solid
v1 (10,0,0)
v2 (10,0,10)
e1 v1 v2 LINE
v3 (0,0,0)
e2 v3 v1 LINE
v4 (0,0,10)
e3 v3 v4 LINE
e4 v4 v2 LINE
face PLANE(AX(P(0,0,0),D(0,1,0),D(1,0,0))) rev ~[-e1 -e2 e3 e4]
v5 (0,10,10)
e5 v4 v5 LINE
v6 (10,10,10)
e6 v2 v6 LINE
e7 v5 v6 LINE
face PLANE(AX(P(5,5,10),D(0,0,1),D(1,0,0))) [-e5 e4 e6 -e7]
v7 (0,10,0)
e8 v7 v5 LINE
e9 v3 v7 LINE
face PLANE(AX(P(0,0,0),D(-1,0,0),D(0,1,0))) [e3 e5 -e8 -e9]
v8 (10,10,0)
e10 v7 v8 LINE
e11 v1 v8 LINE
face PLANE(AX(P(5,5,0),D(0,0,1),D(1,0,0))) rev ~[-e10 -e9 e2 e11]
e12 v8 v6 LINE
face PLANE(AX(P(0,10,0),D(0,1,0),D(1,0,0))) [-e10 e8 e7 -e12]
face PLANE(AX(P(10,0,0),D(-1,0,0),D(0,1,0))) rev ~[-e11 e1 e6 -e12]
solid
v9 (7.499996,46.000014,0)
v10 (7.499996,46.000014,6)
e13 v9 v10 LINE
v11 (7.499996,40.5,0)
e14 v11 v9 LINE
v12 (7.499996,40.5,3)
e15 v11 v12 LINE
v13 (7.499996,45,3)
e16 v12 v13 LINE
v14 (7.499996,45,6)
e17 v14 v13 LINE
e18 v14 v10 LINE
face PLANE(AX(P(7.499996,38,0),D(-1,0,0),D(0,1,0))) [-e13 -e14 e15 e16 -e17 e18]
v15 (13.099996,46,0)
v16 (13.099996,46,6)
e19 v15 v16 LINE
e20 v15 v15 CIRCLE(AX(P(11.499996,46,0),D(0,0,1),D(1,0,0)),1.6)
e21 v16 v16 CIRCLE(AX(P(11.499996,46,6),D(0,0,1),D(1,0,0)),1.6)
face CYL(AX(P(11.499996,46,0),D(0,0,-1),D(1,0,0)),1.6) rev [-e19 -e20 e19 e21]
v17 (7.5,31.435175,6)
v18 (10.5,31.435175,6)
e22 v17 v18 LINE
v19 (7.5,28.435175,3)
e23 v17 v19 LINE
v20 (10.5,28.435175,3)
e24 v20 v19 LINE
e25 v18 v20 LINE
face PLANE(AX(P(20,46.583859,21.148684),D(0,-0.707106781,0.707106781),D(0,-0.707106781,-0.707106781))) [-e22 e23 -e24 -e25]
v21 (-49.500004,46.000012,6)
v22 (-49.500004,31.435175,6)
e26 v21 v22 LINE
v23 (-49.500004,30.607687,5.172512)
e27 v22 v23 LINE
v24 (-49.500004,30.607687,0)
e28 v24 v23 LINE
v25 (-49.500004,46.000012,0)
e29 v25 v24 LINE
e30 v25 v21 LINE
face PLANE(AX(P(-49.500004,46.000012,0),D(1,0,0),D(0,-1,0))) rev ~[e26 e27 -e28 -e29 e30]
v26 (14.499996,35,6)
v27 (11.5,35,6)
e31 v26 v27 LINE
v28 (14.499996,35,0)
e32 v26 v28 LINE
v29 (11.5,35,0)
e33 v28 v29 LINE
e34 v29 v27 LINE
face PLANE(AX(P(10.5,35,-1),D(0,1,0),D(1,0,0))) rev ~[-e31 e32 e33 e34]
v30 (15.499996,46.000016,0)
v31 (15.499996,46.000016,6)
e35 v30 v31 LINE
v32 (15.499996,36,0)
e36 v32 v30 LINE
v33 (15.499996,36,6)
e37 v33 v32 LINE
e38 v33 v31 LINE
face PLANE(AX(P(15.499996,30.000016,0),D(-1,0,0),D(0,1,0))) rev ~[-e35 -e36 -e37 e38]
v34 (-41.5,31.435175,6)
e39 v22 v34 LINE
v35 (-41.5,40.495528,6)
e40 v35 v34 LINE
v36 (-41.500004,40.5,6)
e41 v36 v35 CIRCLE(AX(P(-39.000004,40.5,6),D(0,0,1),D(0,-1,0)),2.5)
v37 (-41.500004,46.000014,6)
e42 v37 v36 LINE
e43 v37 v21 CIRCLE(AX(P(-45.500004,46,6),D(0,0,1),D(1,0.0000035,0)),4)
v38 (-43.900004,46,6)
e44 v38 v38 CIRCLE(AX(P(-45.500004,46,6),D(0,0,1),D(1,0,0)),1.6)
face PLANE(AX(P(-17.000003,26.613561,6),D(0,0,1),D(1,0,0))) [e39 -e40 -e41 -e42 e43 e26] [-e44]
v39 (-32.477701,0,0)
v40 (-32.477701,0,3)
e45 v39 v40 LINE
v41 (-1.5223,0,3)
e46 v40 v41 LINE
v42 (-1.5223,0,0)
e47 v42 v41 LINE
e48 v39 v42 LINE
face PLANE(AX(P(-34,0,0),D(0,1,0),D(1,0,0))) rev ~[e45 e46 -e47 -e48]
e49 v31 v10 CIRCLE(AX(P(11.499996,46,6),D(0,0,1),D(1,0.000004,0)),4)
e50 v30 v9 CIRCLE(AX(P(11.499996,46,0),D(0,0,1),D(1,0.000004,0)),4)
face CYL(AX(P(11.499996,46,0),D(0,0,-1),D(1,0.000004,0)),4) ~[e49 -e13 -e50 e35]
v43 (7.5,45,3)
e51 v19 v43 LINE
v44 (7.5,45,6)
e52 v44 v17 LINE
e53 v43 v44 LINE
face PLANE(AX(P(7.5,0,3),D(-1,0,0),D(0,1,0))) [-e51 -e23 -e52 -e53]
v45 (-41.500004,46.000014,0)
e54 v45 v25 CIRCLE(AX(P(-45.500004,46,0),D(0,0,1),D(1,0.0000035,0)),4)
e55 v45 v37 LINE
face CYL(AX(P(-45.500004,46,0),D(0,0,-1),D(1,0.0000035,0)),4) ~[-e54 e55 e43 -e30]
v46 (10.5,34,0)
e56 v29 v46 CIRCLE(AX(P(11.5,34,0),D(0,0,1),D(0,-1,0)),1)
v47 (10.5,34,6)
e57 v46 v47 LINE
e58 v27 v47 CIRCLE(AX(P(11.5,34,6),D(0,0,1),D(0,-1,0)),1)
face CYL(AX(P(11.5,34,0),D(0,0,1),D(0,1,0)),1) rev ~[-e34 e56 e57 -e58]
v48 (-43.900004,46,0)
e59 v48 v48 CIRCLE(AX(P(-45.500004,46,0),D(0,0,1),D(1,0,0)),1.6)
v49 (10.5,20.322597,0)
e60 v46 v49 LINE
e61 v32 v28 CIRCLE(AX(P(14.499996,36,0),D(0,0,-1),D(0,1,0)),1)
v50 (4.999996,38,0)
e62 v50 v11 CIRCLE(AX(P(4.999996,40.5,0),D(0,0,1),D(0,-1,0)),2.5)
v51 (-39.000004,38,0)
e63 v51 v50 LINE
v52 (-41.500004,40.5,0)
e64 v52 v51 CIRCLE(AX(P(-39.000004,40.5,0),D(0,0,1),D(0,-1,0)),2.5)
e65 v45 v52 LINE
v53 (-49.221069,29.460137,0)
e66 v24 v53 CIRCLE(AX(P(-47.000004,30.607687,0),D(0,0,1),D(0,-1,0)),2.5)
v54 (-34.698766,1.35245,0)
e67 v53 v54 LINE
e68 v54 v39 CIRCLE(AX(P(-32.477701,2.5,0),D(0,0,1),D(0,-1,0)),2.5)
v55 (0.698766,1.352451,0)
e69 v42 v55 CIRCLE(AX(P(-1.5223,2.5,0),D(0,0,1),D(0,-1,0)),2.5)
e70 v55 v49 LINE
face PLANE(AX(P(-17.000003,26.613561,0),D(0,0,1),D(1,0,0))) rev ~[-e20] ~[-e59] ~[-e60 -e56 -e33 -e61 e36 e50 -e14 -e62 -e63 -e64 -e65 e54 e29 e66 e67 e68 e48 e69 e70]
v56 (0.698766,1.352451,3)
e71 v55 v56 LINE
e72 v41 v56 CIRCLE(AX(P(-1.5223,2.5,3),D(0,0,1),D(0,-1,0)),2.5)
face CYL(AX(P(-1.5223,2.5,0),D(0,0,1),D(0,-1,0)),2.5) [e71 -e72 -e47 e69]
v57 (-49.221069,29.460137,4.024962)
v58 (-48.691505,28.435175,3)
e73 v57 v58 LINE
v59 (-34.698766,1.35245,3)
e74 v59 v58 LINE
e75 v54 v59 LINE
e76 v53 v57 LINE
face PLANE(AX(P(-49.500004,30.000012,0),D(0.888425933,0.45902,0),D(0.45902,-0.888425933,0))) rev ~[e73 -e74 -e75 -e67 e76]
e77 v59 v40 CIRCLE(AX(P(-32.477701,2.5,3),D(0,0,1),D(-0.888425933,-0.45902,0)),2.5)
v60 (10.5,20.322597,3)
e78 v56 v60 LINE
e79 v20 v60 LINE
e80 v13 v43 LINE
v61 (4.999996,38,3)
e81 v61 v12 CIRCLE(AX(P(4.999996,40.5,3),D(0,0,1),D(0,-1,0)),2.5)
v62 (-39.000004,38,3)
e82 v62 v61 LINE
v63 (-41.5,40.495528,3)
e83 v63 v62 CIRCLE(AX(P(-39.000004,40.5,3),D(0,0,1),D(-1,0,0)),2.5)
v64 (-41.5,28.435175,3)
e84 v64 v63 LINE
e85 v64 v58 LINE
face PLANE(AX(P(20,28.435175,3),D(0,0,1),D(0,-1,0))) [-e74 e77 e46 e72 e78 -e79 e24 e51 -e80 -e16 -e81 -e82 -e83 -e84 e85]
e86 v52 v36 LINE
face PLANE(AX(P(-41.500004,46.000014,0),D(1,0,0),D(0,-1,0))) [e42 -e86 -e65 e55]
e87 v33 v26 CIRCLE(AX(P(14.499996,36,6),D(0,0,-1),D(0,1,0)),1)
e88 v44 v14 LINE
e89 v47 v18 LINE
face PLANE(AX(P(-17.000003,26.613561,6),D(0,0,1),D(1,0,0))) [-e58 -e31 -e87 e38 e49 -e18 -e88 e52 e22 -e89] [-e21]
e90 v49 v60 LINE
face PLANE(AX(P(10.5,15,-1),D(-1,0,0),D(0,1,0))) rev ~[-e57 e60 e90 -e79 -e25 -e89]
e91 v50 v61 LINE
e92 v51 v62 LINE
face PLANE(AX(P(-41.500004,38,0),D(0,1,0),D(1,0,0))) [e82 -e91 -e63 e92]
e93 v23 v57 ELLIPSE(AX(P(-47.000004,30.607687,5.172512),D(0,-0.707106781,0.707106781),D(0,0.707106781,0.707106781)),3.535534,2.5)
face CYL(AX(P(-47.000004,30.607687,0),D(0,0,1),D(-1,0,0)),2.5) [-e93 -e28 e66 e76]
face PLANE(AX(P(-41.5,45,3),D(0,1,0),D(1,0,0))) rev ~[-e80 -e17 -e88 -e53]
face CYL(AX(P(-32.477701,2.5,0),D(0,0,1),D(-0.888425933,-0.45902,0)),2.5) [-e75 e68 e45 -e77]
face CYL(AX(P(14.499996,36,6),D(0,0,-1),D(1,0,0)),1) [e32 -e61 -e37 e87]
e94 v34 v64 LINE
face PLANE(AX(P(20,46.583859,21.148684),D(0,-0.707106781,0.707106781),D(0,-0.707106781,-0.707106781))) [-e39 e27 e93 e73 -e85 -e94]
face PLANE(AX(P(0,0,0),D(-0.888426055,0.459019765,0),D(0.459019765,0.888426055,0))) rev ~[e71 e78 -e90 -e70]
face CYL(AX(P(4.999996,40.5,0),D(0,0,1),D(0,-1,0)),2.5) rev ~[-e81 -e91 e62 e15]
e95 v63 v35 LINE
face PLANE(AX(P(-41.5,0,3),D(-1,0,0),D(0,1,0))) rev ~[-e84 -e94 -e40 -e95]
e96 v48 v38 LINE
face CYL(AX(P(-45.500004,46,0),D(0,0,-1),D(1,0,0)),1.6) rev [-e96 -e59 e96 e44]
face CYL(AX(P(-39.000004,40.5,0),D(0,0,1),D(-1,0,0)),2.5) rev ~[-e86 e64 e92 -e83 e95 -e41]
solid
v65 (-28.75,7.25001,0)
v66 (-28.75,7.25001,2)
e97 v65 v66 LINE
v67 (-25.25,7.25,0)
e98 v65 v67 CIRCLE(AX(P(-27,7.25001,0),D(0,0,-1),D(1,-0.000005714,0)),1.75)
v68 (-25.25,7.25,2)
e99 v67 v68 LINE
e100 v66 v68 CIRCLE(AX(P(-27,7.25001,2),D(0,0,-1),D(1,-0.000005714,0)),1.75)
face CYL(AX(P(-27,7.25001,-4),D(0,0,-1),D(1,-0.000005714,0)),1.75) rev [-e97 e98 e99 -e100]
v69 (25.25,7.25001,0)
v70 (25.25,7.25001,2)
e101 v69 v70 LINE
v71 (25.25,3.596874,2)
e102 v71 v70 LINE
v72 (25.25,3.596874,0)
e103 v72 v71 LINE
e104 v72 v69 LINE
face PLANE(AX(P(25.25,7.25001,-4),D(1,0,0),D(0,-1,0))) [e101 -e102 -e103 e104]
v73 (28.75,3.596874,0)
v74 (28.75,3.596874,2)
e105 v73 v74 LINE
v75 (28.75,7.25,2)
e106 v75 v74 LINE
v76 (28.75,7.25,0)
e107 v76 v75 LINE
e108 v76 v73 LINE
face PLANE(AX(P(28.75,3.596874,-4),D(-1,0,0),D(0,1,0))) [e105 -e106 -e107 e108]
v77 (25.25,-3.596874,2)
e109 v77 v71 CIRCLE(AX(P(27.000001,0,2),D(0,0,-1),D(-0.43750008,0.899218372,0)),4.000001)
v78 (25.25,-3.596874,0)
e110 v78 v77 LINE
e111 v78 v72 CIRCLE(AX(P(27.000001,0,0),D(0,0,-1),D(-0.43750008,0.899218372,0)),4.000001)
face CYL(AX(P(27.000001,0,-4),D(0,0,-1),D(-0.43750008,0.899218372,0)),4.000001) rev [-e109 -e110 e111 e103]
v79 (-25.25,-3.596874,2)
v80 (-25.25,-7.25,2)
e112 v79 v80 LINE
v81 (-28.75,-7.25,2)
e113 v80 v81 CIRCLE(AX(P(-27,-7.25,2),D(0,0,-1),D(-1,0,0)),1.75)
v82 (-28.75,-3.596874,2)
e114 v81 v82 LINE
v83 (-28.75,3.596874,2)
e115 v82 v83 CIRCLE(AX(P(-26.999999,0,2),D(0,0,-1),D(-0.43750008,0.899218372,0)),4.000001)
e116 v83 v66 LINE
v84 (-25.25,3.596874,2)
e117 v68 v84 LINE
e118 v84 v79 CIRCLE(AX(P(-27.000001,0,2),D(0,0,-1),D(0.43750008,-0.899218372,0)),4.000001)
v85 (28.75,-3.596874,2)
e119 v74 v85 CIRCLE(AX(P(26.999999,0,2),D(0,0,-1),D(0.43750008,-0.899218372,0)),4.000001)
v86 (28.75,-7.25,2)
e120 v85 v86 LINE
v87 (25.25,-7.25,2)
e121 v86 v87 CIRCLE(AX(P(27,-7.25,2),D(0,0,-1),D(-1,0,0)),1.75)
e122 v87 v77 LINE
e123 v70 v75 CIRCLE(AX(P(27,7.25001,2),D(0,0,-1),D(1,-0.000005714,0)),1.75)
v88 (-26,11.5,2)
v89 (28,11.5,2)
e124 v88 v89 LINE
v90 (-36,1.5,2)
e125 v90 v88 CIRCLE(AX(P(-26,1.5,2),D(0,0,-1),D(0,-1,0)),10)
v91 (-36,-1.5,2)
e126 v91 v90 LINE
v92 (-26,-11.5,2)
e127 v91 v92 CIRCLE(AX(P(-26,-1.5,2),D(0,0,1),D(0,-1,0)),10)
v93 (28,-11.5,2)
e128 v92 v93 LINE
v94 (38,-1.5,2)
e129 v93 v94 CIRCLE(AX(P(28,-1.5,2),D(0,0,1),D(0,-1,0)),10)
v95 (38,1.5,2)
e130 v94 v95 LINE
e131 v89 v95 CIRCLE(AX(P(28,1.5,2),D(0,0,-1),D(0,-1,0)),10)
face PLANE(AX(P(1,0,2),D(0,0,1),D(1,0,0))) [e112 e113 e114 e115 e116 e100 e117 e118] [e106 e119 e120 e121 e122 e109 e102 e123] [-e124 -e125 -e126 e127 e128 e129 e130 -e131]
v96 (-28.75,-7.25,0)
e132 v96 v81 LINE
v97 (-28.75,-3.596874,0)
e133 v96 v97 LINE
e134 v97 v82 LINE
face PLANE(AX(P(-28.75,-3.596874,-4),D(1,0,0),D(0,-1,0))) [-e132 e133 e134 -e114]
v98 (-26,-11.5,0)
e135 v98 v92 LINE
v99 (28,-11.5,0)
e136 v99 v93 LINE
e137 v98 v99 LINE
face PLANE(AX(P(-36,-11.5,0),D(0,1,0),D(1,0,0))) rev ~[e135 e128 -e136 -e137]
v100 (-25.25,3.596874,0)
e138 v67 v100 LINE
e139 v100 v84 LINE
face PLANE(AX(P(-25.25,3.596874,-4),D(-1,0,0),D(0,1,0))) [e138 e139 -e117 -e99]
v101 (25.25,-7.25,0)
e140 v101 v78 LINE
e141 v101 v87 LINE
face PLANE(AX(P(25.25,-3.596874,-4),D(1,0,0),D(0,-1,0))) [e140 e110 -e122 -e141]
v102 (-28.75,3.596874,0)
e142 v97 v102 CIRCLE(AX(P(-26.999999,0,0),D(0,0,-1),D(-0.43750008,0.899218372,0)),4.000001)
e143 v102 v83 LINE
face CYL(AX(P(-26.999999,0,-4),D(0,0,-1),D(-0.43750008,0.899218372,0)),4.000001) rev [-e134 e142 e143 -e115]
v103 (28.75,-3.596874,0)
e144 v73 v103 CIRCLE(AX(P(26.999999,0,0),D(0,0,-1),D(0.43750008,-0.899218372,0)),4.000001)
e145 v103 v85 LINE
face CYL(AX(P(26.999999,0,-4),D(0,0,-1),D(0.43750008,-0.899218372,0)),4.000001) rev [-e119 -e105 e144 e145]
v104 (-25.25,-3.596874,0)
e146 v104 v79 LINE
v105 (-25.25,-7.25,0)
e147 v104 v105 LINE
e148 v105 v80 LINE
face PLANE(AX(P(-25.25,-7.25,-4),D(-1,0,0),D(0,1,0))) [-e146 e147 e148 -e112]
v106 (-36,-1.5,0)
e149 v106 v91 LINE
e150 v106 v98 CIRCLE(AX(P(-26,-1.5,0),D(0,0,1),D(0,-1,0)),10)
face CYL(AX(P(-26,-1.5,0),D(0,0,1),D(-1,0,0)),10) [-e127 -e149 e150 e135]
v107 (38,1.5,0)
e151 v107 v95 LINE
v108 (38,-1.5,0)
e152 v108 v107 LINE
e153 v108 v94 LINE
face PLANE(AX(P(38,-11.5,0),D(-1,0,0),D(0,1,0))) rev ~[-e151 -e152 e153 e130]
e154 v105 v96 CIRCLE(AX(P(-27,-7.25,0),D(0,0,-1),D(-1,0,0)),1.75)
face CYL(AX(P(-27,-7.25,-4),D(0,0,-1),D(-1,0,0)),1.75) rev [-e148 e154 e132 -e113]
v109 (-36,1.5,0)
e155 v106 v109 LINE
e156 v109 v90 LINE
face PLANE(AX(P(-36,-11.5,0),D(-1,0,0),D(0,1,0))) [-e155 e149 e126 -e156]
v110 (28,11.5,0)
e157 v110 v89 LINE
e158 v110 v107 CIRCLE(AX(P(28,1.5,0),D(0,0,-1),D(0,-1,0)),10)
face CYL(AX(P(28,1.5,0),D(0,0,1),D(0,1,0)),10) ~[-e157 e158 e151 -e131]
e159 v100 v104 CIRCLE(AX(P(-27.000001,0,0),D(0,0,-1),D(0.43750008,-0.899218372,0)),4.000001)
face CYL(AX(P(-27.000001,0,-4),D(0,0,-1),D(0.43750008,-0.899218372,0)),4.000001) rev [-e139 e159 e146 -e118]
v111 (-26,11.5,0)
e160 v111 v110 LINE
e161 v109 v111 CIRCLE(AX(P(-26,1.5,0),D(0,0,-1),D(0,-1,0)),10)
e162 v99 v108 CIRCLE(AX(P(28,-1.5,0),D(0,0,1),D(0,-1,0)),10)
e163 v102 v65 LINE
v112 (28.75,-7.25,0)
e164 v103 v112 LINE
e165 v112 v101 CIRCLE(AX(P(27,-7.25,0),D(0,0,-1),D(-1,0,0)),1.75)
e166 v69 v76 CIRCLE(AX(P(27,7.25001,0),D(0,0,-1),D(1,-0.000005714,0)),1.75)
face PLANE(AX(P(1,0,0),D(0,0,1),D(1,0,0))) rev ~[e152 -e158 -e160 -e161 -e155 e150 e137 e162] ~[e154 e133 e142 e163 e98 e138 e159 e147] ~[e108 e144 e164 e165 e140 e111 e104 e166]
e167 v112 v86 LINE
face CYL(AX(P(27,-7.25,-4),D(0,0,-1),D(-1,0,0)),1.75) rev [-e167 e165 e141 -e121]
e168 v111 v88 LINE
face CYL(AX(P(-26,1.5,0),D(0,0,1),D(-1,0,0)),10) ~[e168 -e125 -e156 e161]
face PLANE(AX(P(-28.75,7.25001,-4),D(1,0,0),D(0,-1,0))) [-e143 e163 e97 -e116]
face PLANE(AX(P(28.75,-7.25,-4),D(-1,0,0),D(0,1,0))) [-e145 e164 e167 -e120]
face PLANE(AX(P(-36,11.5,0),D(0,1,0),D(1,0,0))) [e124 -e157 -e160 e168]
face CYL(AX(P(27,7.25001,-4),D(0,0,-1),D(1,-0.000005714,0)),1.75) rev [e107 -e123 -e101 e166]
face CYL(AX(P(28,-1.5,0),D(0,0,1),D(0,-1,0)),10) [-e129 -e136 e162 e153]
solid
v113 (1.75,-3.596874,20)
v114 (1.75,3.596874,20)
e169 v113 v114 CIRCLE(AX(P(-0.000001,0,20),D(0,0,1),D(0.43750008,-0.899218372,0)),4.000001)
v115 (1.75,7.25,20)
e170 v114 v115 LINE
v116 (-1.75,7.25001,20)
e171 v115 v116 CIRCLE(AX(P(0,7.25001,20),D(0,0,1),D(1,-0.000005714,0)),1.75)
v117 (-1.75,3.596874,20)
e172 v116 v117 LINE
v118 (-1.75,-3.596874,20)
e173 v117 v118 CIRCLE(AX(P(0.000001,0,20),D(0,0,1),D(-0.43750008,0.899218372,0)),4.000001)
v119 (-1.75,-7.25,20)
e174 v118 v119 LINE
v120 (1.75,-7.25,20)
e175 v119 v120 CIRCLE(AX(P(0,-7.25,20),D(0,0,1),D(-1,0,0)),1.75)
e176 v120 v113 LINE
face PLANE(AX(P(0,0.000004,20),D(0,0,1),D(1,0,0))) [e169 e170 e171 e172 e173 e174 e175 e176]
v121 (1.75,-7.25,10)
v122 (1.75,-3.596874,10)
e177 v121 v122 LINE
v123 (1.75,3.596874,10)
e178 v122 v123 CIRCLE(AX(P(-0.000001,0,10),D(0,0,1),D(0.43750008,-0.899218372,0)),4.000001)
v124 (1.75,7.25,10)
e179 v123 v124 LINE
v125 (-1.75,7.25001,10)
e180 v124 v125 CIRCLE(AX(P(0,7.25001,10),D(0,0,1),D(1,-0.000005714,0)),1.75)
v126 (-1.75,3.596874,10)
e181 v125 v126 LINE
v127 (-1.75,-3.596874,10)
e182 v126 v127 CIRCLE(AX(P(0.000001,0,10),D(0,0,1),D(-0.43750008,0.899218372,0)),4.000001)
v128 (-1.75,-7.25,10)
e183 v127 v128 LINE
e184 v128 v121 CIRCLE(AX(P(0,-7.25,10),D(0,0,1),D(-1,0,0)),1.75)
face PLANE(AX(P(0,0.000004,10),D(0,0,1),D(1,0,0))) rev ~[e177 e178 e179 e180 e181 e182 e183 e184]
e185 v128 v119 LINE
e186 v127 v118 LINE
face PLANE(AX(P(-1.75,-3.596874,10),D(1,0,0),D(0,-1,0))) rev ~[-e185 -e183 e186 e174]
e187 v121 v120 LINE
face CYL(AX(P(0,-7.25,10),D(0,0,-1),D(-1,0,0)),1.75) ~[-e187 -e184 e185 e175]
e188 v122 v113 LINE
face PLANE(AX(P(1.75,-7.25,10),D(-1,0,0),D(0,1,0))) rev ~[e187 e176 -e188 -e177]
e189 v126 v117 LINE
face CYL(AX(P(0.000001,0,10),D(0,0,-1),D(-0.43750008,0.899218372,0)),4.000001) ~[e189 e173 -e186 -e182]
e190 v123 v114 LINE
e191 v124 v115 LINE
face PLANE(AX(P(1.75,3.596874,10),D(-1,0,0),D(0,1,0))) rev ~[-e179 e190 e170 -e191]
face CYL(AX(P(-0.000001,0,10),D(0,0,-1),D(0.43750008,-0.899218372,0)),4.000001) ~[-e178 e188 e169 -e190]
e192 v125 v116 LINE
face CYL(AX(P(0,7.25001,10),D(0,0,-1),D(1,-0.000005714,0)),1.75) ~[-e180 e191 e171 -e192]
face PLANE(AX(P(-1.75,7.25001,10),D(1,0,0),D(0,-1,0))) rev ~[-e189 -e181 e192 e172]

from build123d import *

# Parameters (mm, degrees)
BOX_W        = 10
BOX_H        = 10
BOX_DEPTH    = 10
PAD001_DEPTH = 10
BOX001_W     = 74
BOX001_H     = 23
BOX001_DEPTH = 2
FILLET001_R  = 10
BOX003_W     = 16
BOX003_H     = 20
BOX003_DEPTH = 10
BOX002_W     = 49
BOX002_H     = 45
BOX002_DEPTH = 10
PAD002_DEPTH = 85
SKETCH_R     = 1.6
PAD_DEPTH    = 6
FILLET_R     = 2.5
FILLET002_R  = 1


with BuildPart() as cube:
    # Box → Box (new body)
    with BuildSketch(Plane.XY):
        with Locations((5, 5)):
            Rectangle(BOX_W, BOX_H)
    extrude(amount=BOX_DEPTH)


with BuildPart() as pad001:
    # Sketch003 → Pad001 (new body)
    with BuildSketch(Plane.XY.offset(10)):
        with BuildLine():
            ThreePointArc((-1.75, 3.596874), (-4, 0), (-1.75, -3.596874))
            Line((-1.75, -3.596874), (-1.75, -7.25))
            ThreePointArc((-1.75, -7.25), (0, -9), (1.75, -7.25))
            Line((1.75, -7.25), (1.75, -3.596874))
            ThreePointArc((1.75, -3.596874), (4, 0), (1.75, 3.596874))
            Line((1.75, 3.596874), (1.75, 7.25))
            ThreePointArc((1.75, 7.25), (5e-06, 9.00001), (-1.75, 7.25001))
            Line((-1.75, 7.25001), (-1.75, 3.596874))
        make_face()
    extrude(amount=PAD001_DEPTH)


with BuildPart() as clone_of_pad002:
    # Clone001 base: copy of Pad001
    add(pad001.part)


with BuildPart() as clone_of_pad002_1:
    # Clone001 placement: moved
    add(clone_of_pad002.part.moved(Location((27, 0, 0))))


with BuildPart() as fusion:
    # Clone base: copy of Pad001
    add(pad001.part)


with BuildPart() as fusion_1:
    # Clone placement: moved
    add(fusion.part.moved(Location((-27, 0, 0))))

    # Fusion: union Clone of Pad002
    add(clone_of_pad002_1.part)


with BuildPart() as fusion_2:
    # Fusion placement: moved
    add(fusion_1.part.moved(Location((0, 0, -14))))


with BuildPart() as fillet001:
    # Box001 → Box001 (new body)
    with BuildSketch(Plane(origin=(-36, -11.5, 0), x_dir=(1, 0, 0), z_dir=(0, 0, 1))):
        with Locations((37, 11.5)):
            Rectangle(BOX001_W, BOX001_H)
    extrude(amount=BOX001_DEPTH)

    # Cut: cut Fusion
    add(fusion_2.part, mode=Mode.SUBTRACT)

    # Fillet001
    fillet001_edges = [fillet001.edges().sort_by_distance(p)[0] for p in [
        (-36, -11.5, 1),
        (-36, 11.5, 1),
        (38, -11.5, 1),
        (38, 11.5, 1),
    ]]
    fillet(fillet001_edges, radius=FILLET001_R)


with BuildPart() as cube003:
    # Box003 → Box003 (new body)
    with BuildSketch(Plane(origin=(10.5, 15, -1), x_dir=(1, 0, 0), z_dir=(0, 0, 1))):
        with Locations((8, 10)):
            Rectangle(BOX003_W, BOX003_H)
    extrude(amount=BOX003_DEPTH)


with BuildPart() as cube002:
    # Box002 → Box002 (new body)
    with BuildSketch(Plane(origin=(-41.5, 0, 3), x_dir=(1, 0, 0), z_dir=(0, 0, 1))):
        with Locations((24.5, 22.5)):
            Rectangle(BOX002_W, BOX002_H)
    extrude(amount=BOX002_DEPTH)


with BuildPart() as pad002:
    # Sketch004 → Pad002 (new body)
    with BuildSketch(Plane.YZ.offset(20)):
        Polygon((-6.988396, 21.148684), (46.583859, 21.148684), (28.435175, 3), (-6.988396, 3), align=None)
    extrude(amount=-PAD002_DEPTH)


with BuildPart() as fillet002:
    # Sketch → Pad (new body)
    with BuildSketch(Plane.XY):
        with BuildLine():
            Line((-49.500004, 46.000012), (-49.500004, 30.000012))
            Line((-49.500004, 30.000012), (-34, 0))
            Line((-34, 0), (0, 0))
            Line((0, 0), (15.499996, 30.000016))
            Line((15.499996, 30.000016), (15.499996, 46.000016))
            ThreePointArc((15.499996, 46.000016), (11.499995, 50), (7.499996, 46.000014))
            Line((7.499996, 38), (7.499996, 46.000014))
            Line((-41.500004, 38), (7.499996, 38))
            Line((-41.500004, 46.000014), (-41.500004, 38))
            ThreePointArc((-41.500004, 46.000014), (-45.500004, 50), (-49.500004, 46.000012))
        make_face()
        with Locations((-45.500004, 46)):
            Circle(SKETCH_R, mode=Mode.SUBTRACT)
        with Locations((11.499996, 46)):
            Circle(SKETCH_R, mode=Mode.SUBTRACT)
    extrude(amount=PAD_DEPTH)

    # Fillet
    fillet_edges = [fillet002.edges().sort_by_distance(p)[0] for p in [
        (-49.500004, 30.000012, 3),
        (-34, 0, 3),
        (0, 0, 3),
        (15.499996, 30.000016, 3),
        (7.499996, 38, 3),
        (-41.500004, 38, 3),
    ]]
    fillet(fillet_edges, radius=FILLET_R)

    # Cut001: cut Pad002
    add(pad002.part, mode=Mode.SUBTRACT)

    # Cut002: cut Cube002
    add(cube002.part, mode=Mode.SUBTRACT)

    # Cut003: cut Cube003
    add(cube003.part, mode=Mode.SUBTRACT)

    # Fillet002
    fillet002_edges = [fillet002.edges().sort_by_distance(p)[0] for p in [
        (10.5, 35, 3),
        (15.499996, 35, 3),
    ]]
    fillet(fillet002_edges, radius=FILLET002_R)


solid = Compound([cube.part, pad001.part, fillet001.part, fillet002.part])
